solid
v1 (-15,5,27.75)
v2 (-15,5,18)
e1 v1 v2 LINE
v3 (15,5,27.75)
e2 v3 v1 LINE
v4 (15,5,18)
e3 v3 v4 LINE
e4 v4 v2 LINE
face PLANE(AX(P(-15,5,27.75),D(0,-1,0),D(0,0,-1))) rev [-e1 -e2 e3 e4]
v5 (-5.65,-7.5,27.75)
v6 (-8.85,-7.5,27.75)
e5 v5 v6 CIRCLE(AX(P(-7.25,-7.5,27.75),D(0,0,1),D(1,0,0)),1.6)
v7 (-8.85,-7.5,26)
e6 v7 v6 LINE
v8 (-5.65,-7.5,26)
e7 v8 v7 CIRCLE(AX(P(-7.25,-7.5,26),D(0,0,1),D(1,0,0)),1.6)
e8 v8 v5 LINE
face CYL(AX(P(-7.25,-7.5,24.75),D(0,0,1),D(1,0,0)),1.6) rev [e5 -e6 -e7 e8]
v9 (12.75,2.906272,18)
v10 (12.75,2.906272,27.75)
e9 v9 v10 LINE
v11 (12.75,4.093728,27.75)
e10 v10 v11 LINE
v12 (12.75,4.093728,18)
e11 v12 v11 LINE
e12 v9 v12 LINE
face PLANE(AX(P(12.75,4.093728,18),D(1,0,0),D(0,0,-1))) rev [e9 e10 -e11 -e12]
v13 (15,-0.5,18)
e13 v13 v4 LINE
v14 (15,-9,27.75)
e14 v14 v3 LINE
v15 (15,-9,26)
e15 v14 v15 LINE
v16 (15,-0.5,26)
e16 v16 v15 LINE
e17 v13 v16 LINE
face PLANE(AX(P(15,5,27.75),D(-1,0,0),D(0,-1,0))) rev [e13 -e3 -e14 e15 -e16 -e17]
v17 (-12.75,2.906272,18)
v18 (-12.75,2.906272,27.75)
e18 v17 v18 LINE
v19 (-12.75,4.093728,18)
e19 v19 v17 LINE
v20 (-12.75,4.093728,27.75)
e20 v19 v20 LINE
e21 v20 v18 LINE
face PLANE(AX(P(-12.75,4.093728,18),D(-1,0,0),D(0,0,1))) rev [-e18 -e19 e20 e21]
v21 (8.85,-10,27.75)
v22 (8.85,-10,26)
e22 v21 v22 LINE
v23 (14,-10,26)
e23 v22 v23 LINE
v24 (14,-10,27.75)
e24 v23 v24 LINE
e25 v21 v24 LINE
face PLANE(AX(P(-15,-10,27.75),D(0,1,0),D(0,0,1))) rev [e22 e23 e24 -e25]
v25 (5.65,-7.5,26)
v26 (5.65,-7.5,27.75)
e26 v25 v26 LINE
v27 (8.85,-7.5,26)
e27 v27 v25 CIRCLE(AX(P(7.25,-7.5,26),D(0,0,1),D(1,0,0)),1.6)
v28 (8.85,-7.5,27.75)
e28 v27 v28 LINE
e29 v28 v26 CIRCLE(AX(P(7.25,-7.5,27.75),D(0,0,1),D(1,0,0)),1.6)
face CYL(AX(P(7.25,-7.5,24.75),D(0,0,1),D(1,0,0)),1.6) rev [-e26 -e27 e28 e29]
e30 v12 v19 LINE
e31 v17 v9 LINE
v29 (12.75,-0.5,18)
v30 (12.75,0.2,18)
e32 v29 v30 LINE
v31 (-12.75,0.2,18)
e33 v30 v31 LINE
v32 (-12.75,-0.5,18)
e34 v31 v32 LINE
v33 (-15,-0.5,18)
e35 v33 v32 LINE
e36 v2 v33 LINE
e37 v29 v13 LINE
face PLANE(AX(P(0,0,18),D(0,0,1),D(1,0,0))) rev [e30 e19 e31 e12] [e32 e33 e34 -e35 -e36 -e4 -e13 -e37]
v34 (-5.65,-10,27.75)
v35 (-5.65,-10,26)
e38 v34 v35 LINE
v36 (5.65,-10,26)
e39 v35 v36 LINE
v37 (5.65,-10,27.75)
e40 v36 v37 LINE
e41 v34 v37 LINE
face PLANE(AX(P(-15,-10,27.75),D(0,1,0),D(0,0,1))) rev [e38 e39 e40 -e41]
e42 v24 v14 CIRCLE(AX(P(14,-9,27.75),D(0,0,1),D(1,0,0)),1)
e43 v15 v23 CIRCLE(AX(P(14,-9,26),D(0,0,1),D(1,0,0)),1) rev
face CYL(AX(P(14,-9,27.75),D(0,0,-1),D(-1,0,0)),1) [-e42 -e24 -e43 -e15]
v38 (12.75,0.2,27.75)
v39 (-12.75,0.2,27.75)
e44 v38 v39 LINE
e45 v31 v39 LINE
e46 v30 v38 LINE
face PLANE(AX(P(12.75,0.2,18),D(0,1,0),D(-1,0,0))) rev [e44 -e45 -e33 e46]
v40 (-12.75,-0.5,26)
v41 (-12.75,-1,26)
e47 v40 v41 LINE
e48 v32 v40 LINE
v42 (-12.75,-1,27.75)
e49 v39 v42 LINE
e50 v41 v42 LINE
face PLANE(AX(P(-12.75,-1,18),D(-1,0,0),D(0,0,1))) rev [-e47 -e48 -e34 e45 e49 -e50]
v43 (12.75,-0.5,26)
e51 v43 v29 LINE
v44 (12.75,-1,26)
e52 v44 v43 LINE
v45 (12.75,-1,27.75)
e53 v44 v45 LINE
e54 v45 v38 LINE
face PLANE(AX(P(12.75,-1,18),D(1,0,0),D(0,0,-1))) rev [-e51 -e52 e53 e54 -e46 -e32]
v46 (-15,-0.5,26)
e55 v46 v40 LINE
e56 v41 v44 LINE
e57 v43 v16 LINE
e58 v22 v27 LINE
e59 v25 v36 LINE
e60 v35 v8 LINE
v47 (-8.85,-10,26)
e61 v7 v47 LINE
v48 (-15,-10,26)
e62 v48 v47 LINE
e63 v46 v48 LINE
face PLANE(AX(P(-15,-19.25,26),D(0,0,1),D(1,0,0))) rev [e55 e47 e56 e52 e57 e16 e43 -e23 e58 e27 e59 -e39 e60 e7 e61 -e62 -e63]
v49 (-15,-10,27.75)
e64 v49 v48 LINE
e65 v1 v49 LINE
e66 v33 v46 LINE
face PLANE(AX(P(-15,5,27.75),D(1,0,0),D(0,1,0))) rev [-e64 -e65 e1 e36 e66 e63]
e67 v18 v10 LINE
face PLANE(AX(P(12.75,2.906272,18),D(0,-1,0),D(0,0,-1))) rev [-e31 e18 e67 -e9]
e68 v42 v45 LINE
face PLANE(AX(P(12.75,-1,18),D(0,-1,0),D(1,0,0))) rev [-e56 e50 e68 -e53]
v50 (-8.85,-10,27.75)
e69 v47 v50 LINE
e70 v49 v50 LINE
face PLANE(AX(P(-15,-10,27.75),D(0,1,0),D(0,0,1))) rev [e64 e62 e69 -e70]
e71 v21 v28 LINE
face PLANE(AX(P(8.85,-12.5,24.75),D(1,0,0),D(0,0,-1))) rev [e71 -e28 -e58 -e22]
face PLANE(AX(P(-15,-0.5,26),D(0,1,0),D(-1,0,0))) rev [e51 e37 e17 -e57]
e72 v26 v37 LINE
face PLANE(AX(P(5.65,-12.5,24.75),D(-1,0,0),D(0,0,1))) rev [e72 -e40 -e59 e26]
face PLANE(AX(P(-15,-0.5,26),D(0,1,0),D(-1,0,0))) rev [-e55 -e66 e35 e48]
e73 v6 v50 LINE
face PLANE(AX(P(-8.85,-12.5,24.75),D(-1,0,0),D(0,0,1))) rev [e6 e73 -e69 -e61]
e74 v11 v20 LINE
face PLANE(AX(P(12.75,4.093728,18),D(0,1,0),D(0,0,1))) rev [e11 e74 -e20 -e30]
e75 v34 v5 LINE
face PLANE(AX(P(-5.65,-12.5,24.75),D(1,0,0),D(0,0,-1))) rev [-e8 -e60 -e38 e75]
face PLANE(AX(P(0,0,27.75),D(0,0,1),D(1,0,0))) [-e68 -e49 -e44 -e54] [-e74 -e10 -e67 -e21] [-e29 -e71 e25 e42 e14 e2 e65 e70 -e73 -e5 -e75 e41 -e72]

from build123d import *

# Parameters (mm, degrees)
BOSS_EXTRUDE1_DEPTH      = 27.75
BOSS_EXTRUDE1_DEPTH_BACK = 27.75
SKETCH1_W                = 30
SKETCH1_H                = 15
SKETCH3_W                = 4
SKETCH3_H                = 18.5
CUT_EXTRUDE2_DEPTH       = 43.072110715
CUT_EXTRUDE5_DEPTH       = 3
CUT_EXTRUDE6_START       = -3
CUT_EXTRUDE6_DEPTH       = 3
FILLET1_R                = 1
SKETCH7_W                = 52
SKETCH7_H                = 19
CUT_EXTRUDE8_DEPTH       = 43.072110715
SKETCH8_W                = 25.5
SKETCH8_H                = 1.2
SKETCH8_H_2              = 1.187456806
CUT_EXTRUDE9_DEPTH       = 21.495426319


with BuildPart() as part:
    # Sketch1 → Boss-Extrude1 (new, two sides: drawn at the far end of the back side and taken through both)
    with BuildSketch(Plane.XY.offset(-BOSS_EXTRUDE1_DEPTH_BACK)):
        with Locations((0, -2.5)):
            Rectangle(SKETCH1_W, SKETCH1_H)
    extrude(amount=BOSS_EXTRUDE1_DEPTH + BOSS_EXTRUDE1_DEPTH_BACK)

    # Sketch3 → Cut-Extrude2 (cut, through all)
    with BuildSketch(Plane(origin=(15, 0, 0), x_dir=(0, 0, -1), z_dir=(1, 0, 0))):
        with Locations((24, -10)):
            Rectangle(SKETCH3_W, SKETCH3_H)
        with Locations((-24, -10)):
            Rectangle(SKETCH3_W, SKETCH3_H)
    extrude(amount=-CUT_EXTRUDE2_DEPTH, mode=Mode.SUBTRACT)

    # Sketch2 → Cut-Extrude5 (cut)
    with BuildSketch(Plane.XY.offset(27.75)):
        with BuildLine():
            Line((-8.85, -12.5), (-8.85, -7.5))
            ThreePointArc((-8.85, -7.5), (-7.25, -5.9), (-5.65, -7.5))
            Line((-5.65, -7.5), (-5.65, -12.5))
            ThreePointArc((-5.65, -12.5), (-7.25, -14.1), (-8.85, -12.5))
        make_face()
        with BuildLine():
            Line((5.65, -12.5), (5.65, -7.5))
            ThreePointArc((5.65, -7.5), (7.25, -5.9), (8.85, -7.5))
            Line((8.85, -7.5), (8.85, -12.5))
            ThreePointArc((8.85, -12.5), (7.25, -14.1), (5.65, -12.5))
        make_face()
    extrude(amount=-CUT_EXTRUDE5_DEPTH, mode=Mode.SUBTRACT)

    # Sketch5 → Cut-Extrude6 (cut)
    with BuildSketch(Plane(origin=(0, 0, -27.75), x_dir=(-1, 0, 0), z_dir=(0, 0, -1)).offset(CUT_EXTRUDE6_START)):
        with BuildLine():
            Line((-8.85, -12.5), (-8.85, -7.5))
            ThreePointArc((-8.85, -7.5), (-7.25, -5.9), (-5.65, -7.5))
            Line((-5.65, -7.5), (-5.65, -12.5))
            ThreePointArc((-5.65, -12.5), (-7.25, -14.1), (-8.85, -12.5))
        make_face()
        with BuildLine():
            Line((5.65, -12.5), (5.65, -7.5))
            ThreePointArc((5.65, -7.5), (7.25, -5.9), (8.85, -7.5))
            Line((8.85, -7.5), (8.85, -12.5))
            ThreePointArc((8.85, -12.5), (7.25, -14.1), (5.65, -12.5))
        make_face()
    extrude(amount=CUT_EXTRUDE6_DEPTH, mode=Mode.SUBTRACT)

    # Fillet1
    fillet1_edges = [part.edges().sort_by_distance(p)[0] for p in [
        (15, -10, 26.875),
    ]]
    fillet(fillet1_edges, radius=FILLET1_R)

    # Sketch7 → Cut-Extrude8 (cut, through all)
    with BuildSketch(Plane(origin=(15, 0, 0), x_dir=(0, 0, -1), z_dir=(1, 0, 0))):
        with Locations((0, -10)):
            Rectangle(SKETCH7_W, SKETCH7_H)
    extrude(amount=-CUT_EXTRUDE8_DEPTH, mode=Mode.SUBTRACT)

    # SurfaceCut1
    split(bisect_by=Plane.XY.offset(18), keep=Keep.TOP)

    # Sketch8 → Cut-Extrude9 (cut, through all)
    with BuildSketch(Plane.XY.offset(27.75)):
        with Locations((0, -0.4)):
            Rectangle(SKETCH8_W, SKETCH8_H)
        with Locations((0, 3.5)):
            Rectangle(SKETCH8_W, SKETCH8_H_2)
    extrude(amount=-CUT_EXTRUDE9_DEPTH, mode=Mode.SUBTRACT)


solid = part.part
